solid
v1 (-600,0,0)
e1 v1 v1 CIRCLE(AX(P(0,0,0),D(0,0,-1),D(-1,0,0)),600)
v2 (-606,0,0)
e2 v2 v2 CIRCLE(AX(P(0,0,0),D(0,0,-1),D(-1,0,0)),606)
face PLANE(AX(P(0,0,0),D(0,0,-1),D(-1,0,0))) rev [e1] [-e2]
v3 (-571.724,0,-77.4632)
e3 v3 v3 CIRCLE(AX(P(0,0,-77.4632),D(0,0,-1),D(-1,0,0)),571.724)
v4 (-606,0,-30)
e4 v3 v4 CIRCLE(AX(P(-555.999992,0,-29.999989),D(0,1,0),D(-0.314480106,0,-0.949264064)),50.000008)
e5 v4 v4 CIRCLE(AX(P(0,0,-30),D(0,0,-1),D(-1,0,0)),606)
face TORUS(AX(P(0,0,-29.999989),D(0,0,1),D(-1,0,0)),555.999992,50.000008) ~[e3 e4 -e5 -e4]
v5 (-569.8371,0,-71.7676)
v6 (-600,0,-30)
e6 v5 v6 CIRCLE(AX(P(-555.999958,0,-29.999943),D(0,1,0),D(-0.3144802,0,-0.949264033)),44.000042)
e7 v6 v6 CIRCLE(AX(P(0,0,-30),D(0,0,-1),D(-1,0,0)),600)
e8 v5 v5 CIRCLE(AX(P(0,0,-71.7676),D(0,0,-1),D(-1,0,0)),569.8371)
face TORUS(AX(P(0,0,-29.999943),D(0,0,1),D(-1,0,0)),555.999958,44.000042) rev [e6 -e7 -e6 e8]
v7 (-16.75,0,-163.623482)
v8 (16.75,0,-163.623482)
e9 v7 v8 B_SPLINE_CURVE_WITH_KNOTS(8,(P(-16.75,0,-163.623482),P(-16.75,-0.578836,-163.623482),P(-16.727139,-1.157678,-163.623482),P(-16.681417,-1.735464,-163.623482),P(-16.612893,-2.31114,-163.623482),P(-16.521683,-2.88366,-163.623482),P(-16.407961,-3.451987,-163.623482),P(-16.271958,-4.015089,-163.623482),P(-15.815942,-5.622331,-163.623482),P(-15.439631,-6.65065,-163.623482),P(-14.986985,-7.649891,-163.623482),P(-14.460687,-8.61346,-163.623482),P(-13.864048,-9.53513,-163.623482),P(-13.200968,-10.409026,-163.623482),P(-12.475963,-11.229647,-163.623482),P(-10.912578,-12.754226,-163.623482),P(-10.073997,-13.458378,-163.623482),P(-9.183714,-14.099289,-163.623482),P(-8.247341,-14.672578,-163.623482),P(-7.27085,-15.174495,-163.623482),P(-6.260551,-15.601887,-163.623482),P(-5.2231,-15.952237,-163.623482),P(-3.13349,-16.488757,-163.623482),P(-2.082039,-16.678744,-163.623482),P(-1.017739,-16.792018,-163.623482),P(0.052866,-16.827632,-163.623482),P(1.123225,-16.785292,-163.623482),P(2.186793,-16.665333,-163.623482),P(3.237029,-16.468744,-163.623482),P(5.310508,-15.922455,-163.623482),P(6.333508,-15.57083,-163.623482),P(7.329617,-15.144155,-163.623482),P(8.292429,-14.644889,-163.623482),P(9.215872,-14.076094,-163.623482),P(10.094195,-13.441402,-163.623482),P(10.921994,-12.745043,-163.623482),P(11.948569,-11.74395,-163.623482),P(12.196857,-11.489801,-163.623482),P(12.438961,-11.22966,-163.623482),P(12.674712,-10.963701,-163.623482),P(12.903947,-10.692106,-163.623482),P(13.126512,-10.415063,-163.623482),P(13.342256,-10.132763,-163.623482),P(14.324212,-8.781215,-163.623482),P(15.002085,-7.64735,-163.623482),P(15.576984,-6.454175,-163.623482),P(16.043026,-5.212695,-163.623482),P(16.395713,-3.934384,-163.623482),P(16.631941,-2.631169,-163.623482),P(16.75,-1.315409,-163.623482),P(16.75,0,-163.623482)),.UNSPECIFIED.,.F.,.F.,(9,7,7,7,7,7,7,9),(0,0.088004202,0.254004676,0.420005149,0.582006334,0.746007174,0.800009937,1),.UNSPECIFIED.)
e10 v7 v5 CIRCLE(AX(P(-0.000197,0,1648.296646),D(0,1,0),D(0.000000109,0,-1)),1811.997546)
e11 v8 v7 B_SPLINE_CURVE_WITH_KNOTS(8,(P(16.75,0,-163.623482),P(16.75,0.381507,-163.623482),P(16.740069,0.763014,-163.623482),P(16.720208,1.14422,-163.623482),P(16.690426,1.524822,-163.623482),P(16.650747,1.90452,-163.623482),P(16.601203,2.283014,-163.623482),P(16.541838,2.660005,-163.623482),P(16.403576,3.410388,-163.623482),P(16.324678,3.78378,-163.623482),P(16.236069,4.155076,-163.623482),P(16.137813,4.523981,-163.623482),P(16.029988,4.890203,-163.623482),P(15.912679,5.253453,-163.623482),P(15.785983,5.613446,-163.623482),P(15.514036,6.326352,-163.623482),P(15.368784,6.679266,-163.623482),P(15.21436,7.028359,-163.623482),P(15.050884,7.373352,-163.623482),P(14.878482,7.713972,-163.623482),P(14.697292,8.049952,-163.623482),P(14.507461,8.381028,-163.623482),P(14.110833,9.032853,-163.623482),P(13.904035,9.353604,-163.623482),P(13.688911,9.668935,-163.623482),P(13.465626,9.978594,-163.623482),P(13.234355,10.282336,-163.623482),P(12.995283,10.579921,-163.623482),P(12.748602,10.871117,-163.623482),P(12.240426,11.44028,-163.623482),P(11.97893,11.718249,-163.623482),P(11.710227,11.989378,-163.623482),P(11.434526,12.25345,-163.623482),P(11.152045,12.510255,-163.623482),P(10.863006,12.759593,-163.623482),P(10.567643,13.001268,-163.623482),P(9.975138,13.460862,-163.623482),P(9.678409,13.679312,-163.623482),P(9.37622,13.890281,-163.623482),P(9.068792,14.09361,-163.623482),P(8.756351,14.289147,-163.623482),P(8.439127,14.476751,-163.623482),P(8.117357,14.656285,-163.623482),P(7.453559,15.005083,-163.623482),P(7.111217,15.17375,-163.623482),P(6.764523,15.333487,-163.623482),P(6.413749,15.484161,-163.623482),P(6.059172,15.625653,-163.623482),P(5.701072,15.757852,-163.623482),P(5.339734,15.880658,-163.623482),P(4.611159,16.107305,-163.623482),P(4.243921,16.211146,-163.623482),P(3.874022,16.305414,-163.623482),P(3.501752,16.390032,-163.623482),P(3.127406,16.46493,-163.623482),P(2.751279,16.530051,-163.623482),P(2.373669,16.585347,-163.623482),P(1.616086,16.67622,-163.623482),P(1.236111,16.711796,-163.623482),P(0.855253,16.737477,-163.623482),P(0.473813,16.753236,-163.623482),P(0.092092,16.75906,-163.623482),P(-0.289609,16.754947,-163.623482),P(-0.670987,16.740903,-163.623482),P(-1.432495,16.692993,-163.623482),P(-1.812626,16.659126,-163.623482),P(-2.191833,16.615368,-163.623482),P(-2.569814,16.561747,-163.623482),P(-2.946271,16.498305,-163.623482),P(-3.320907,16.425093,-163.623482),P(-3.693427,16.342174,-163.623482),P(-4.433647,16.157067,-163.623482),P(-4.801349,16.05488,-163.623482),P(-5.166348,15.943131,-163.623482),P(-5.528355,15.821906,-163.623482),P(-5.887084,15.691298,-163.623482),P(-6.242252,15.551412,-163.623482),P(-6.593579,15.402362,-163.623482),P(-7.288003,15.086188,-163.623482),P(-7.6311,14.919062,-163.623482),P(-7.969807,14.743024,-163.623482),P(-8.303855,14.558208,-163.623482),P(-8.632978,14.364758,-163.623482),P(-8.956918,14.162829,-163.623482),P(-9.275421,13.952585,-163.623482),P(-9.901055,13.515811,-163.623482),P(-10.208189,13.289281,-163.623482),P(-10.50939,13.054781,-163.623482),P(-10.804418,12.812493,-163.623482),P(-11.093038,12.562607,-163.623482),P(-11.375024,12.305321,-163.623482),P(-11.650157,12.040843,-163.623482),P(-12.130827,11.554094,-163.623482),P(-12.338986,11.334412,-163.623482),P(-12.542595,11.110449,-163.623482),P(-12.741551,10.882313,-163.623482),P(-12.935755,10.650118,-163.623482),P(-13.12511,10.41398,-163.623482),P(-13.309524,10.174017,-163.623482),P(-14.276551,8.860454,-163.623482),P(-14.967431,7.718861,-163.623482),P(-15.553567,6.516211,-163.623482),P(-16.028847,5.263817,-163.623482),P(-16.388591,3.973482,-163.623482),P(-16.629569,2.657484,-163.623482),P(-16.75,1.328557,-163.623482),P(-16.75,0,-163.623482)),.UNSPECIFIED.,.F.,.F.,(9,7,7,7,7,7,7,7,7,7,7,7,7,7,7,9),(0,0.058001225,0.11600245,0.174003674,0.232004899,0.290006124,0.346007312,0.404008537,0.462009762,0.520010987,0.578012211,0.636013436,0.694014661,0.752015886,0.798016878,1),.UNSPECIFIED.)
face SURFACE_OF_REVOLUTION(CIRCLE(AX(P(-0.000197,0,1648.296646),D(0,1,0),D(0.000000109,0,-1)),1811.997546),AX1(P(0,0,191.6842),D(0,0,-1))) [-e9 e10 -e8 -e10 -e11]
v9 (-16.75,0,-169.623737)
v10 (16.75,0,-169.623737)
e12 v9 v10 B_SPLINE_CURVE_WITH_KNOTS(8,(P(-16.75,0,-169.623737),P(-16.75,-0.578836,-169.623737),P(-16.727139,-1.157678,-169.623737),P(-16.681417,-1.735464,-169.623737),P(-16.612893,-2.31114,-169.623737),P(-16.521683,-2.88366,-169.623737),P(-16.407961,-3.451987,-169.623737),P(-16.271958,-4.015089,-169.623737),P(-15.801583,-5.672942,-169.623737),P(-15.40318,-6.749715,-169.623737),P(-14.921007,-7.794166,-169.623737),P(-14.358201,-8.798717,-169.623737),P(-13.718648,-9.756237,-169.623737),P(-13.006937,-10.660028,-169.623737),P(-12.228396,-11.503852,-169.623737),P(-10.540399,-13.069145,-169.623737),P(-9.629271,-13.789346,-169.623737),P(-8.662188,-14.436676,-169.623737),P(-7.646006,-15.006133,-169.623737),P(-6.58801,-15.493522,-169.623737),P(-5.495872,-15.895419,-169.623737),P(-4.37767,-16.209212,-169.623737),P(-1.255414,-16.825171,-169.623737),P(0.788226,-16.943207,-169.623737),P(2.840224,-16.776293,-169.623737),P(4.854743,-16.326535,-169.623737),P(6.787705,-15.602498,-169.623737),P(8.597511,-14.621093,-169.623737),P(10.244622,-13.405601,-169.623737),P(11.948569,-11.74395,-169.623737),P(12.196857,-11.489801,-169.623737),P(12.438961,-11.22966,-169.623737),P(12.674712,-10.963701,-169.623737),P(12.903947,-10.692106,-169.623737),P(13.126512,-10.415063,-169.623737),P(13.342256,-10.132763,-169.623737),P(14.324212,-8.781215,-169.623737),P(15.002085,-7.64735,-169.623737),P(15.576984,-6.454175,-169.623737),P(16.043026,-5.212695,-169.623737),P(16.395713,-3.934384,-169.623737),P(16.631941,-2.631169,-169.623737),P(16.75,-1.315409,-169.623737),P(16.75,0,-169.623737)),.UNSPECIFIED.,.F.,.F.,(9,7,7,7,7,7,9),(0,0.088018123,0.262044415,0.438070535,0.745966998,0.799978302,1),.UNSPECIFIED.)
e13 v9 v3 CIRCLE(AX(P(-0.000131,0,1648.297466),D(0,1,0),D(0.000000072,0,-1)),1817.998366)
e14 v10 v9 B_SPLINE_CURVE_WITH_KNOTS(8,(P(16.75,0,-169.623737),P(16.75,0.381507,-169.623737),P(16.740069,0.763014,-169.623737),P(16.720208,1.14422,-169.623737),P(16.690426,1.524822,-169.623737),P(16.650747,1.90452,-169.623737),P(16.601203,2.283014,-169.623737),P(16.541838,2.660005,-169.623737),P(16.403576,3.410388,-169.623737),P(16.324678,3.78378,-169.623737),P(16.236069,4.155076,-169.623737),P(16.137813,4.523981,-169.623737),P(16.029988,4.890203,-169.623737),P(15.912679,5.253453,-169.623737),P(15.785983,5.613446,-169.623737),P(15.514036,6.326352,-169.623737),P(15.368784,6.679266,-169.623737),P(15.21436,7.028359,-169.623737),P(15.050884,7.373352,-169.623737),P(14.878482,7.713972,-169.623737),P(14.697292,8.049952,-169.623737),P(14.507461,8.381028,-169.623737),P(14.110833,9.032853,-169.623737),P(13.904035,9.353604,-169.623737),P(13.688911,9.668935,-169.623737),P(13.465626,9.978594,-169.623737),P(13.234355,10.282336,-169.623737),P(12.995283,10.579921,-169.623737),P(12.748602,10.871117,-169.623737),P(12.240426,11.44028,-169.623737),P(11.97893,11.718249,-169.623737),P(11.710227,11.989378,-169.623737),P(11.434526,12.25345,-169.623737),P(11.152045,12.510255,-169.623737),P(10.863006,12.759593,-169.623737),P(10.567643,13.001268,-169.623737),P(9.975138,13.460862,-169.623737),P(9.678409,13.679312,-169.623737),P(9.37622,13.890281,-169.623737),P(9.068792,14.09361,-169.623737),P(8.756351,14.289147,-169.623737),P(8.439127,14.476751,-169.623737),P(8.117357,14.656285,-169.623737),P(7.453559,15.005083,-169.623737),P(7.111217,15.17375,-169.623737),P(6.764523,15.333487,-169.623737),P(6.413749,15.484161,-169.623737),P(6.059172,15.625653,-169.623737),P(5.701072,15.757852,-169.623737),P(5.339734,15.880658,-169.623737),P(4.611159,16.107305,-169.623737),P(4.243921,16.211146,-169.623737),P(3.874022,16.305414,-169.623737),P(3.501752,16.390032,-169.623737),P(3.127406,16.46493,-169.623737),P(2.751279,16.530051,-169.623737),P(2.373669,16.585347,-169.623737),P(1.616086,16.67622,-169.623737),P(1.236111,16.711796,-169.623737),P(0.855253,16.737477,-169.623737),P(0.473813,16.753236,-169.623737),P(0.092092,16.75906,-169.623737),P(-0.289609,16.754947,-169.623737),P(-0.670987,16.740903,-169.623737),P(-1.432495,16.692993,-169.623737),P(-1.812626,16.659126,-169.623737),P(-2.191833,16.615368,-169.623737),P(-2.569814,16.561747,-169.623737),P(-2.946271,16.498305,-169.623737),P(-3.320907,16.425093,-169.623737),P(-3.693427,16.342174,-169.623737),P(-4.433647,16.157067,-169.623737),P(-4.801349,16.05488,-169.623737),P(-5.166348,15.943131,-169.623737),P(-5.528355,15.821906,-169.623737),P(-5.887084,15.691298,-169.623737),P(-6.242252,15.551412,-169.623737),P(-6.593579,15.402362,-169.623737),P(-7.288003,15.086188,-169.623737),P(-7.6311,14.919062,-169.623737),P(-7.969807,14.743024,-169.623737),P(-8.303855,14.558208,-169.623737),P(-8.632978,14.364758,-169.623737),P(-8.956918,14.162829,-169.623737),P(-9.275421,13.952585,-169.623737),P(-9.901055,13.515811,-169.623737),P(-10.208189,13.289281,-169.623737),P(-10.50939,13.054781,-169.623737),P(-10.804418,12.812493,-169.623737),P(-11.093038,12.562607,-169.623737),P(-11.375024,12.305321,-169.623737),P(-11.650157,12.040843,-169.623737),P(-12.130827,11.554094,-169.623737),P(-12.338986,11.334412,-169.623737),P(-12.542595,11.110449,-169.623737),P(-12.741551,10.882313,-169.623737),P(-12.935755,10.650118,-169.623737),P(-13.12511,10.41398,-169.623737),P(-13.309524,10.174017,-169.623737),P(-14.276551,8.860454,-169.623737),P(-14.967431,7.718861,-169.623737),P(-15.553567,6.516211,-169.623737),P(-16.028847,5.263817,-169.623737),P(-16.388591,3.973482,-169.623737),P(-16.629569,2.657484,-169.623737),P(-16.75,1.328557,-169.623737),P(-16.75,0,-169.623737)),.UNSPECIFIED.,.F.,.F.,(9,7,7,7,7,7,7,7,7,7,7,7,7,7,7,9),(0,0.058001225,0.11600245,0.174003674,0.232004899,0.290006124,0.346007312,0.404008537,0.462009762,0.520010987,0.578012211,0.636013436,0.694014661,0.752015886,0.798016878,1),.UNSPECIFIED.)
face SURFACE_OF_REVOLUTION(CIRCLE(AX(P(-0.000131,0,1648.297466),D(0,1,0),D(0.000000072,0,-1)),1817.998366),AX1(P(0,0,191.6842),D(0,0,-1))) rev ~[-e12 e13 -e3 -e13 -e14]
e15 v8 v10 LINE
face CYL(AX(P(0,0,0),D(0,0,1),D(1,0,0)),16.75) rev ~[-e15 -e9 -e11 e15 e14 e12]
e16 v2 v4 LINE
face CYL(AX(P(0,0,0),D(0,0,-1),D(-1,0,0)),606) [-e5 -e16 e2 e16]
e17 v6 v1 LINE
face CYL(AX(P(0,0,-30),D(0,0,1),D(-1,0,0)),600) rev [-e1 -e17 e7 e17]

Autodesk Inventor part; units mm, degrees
ref_plane "YZ Plane" through (0, 0, 0) normal (1, 0, 0) x (0, 1, 0)
ref_plane "XZ Plane" through (0, 0, 0) normal (0, 1, 0) x (-1, 0, 0)
ref_plane "XY Plane" through (0, 0, 0) normal (0, 0, 1) x (1, 0, 0)
sketch "Sketch1" plane through (0, 0, 0) normal (0, 1, 0) x (-1, 0, 0)
  line L0 (606, 0) -> (606, -30)
  arc A0 (571.724, -77.4632) -> (606, -30) centre (556, -30) ccw
  arc A1 (0, -169.7009) -> (571.724, -77.4632) centre (0, 1648.2991) ccw
  line L1 (0, 191.6842) -> (0, -191.6842)
  arc A2 (0, -163.7009) -> (569.8371, -71.7676) centre (0, 1648.2991) ccw
  arc A3 (569.8371, -71.7676) -> (600, -30) centre (556, -30) ccw
  line L2 (600, -30) -> (600, 0)
  line L3 (600, 0) -> (606, 0)
  line L4 (0, -163.7009) -> (0, -169.7009)
  point P0 (0, 0)
  point P1 (0, 0)
  point P2 (0, -166.7009)
  point P3 (0, -163.7009)
  point P4 (0, -169.7009)
  dimension "d0" = 50
  dimension "d1" = 30
  dimension "d3" = 1818
  dimension "d4" = 606
  dimension "d6" = 6
revolve "Revolution1" add sketch "Sketch1" angle 360 about axis through (0, 0, 191.6842) along (0, 0, -1)
sketch "Sketch2" plane through (0, 0, 0) normal (0, 0, 1) x (1, 0, 0)
  circle A0 centre (0, 0) radius 16.75
  dimension "d8" = 33.5
extrude "Extrusion1" cut sketch "Sketch2" against normal through all
properties part number "Сферическое дно D1000"
